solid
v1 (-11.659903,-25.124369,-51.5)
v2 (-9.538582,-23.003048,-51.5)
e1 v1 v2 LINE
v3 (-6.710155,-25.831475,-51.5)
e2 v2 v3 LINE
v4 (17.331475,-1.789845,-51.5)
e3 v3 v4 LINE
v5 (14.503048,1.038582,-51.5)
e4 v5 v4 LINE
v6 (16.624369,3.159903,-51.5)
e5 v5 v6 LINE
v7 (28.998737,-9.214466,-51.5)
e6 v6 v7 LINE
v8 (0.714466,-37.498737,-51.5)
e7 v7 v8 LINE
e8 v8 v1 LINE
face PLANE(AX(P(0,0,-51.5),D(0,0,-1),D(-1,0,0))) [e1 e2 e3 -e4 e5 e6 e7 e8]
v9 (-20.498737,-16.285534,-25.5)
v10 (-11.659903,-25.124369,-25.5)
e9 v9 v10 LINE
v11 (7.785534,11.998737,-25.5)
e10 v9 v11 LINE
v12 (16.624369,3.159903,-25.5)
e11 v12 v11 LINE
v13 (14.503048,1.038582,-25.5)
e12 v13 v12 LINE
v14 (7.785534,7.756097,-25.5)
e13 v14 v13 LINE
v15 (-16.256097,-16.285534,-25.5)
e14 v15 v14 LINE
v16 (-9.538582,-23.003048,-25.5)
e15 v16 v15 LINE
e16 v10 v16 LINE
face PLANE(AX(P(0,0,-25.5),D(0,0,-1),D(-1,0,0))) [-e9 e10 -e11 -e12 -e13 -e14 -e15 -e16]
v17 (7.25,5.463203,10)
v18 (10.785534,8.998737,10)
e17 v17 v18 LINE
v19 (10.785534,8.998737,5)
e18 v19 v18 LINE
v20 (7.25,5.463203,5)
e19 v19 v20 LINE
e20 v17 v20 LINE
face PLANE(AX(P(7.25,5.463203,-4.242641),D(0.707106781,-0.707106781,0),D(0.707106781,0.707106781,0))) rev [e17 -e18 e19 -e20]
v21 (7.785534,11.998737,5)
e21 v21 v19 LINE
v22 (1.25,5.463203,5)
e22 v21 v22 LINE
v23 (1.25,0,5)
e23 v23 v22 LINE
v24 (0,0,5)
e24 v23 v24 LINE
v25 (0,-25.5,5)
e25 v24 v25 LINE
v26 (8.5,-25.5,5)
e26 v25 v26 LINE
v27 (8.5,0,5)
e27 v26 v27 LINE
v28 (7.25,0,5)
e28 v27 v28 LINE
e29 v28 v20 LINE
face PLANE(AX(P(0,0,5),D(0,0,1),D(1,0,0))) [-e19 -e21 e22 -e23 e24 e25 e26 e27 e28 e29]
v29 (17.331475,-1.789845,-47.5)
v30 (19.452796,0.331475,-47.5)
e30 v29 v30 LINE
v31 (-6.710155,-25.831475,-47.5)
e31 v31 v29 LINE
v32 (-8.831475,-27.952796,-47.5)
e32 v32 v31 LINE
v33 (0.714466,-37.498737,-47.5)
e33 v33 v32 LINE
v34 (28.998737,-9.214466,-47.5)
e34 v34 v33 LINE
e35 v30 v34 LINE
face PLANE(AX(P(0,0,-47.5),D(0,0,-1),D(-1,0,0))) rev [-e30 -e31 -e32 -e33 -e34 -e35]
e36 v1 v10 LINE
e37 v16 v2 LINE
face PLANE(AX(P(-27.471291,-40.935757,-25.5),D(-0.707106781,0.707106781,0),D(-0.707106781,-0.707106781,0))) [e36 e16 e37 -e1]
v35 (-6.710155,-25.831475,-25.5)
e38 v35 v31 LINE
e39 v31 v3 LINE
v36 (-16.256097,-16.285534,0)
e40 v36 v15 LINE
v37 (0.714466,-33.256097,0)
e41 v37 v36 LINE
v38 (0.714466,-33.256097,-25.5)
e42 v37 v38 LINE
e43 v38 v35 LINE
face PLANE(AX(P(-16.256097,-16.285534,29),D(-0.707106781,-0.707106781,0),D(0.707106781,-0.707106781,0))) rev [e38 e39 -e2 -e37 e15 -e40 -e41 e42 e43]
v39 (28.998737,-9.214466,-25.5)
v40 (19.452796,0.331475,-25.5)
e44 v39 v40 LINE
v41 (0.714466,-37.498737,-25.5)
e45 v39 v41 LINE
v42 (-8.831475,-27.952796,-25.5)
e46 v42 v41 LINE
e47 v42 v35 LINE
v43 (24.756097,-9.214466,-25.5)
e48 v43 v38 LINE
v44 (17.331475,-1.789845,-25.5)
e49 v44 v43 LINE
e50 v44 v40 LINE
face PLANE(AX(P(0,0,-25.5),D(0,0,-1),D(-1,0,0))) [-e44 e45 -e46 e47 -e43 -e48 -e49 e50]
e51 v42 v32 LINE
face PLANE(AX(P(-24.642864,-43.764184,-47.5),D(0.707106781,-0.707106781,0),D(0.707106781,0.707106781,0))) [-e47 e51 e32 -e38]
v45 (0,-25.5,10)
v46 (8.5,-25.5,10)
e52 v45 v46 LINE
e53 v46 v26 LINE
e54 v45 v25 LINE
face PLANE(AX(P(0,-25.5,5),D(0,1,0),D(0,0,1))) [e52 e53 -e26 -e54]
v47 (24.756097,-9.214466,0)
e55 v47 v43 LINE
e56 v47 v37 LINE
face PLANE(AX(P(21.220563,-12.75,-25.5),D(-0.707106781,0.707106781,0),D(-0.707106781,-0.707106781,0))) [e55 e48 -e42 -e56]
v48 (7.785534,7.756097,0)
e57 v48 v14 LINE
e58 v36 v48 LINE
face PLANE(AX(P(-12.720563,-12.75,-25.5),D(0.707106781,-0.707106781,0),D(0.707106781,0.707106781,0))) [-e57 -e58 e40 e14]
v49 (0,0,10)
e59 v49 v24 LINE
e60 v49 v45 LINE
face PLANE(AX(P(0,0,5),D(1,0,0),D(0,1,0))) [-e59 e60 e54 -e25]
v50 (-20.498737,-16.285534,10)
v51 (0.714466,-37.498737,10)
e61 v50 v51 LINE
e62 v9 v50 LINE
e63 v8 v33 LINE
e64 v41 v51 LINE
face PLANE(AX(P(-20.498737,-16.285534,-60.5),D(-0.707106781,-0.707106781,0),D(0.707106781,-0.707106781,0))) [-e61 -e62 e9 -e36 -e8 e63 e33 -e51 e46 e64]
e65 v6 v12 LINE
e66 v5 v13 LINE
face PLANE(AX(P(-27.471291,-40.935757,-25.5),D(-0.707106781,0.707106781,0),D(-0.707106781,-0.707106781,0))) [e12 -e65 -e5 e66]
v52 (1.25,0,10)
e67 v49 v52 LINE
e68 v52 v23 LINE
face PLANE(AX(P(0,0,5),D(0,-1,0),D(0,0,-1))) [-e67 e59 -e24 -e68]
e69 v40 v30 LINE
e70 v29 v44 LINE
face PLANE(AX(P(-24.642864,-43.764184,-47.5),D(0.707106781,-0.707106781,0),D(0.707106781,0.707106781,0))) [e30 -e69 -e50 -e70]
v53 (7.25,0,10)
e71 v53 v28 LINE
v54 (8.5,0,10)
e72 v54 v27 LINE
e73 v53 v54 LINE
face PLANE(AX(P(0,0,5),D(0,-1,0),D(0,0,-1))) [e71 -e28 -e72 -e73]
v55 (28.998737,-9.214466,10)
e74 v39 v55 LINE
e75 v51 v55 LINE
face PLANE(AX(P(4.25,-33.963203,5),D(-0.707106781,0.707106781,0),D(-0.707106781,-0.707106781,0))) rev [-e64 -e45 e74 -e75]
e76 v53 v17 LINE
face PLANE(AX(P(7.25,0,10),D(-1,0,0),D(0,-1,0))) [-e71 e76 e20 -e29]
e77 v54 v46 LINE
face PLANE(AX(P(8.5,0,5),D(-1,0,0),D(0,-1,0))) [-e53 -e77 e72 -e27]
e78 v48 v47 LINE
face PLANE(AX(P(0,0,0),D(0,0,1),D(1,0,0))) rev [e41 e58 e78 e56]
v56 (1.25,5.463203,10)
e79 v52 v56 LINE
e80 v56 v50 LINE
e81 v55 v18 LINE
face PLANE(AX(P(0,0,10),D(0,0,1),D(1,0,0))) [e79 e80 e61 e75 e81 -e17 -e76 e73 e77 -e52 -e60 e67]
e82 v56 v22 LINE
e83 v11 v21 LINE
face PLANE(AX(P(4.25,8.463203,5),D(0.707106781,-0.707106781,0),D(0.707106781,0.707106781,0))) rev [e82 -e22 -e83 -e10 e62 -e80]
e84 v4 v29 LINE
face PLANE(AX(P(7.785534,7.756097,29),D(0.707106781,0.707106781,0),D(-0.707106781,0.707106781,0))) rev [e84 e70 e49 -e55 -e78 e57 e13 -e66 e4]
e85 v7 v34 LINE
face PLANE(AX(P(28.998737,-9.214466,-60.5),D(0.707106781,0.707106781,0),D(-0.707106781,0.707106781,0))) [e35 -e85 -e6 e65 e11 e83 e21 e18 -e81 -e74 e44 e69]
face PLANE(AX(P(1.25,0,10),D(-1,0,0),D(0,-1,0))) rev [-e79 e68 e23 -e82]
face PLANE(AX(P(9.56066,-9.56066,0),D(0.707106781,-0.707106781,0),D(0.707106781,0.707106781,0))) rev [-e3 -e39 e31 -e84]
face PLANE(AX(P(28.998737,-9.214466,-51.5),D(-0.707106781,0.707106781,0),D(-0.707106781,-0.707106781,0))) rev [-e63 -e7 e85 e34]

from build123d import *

# Parameters (mm, degrees)
SKETCH_1_W          = 8.5
SKETCH_1_H          = 25.5
EXTRUDE_1_DEPTH     = 5
EXTRUDE_2_DEPTH     = 5
SKETCH_3_W          = 8.5
SKETCH_3_H          = 25.5
EXTRUDE_3_DEPTH     = 5
EXTRUDE_4_DEPTH     = 25.5
EXTRUDE_5_DEPTH     = 35.5
CUT_EXTRUDE_1_DEPTH = 5
CUT_EXTRUDE_2_DEPTH = 25.5
EXTRUDE_6_REACH     = 63.804
SKETCH_8_W          = 22
SKETCH_8_H          = 4
EXTRUDE_7_DEPTH     = 4
SKETCH_10_W         = 26
SKETCH_10_H         = 34
CUT_EXTRUDE_3_DEPTH = 4


with BuildPart() as part:
    # 草图1 → 凸台-拉伸1 (new body)
    with BuildSketch(Plane.XY):
        Polygon((-16.963203436, -12.75), (4.25, -33.963203436), (25.463203436, -12.75), (4.25, 8.463203436), align=None)
        with Locations((4.25, -12.75)):
            Rectangle(SKETCH_1_W, SKETCH_1_H, mode=Mode.SUBTRACT)
    extrude(amount=EXTRUDE_1_DEPTH)

    # 草图2 → 凸台-拉伸2 (add)
    with BuildSketch(Plane.XY.offset(5)):
        Polygon((1.25, 0), (1.25, 5.463203436), (-16.963203436, -12.75), (4.25, -33.963203436), (25.463203436, -12.75), (7.25, 5.463203436), (7.25, 0), (8.5, 0), (8.5, -25.5), (0, -25.5), (0, 0), align=None)
    extrude(amount=EXTRUDE_2_DEPTH)

    # 草图3 → 凸台-拉伸3 (add)
    with BuildSketch(Plane.XY.offset(5)):
        with Locations((4.25, -12.75)):
            Rectangle(SKETCH_3_W, SKETCH_3_H)
    extrude(amount=-EXTRUDE_3_DEPTH)

    # 草图4 → 凸台-拉伸4 (add)
    with BuildSketch(Plane(origin=(0, 0, 0), x_dir=(-1, 0, 0), z_dir=(0, 0, -1))):
        Polygon((-25.463203436, -12.75), (-4.25, -33.963203436), (16.963203436, -12.75), (-4.25, 8.463203436), align=None)
        Polygon((12.720562748, -12.75), (-4.25, 4.220562748), (-21.220562748, -12.75), (-4.25, -29.720562748), align=None, mode=Mode.SUBTRACT)
    extrude(amount=EXTRUDE_4_DEPTH)

    # 草图5 → 凸台-拉伸5 (add)
    with BuildSketch(Plane.XY.offset(10)):
        Polygon((4.25, 8.463203436), (25.463203436, -12.75), (28.998737342, -9.214466094), (7.785533906, 11.998737342), align=None)
        Polygon((-16.963203436, -12.75), (-20.498737342, -16.285533906), (0.714466094, -37.498737342), (4.25, -33.963203436), align=None)
    extrude(amount=-EXTRUDE_5_DEPTH)

    # 草图6 → 切除-拉伸1 (cut)
    with BuildSketch(Plane.XY.offset(10)):
        Polygon((7.25, 5.463203436), (10.785533906, 8.998737342), (7.785533906, 11.998737342), (4.25, 8.463203436), align=None)
    extrude(amount=-CUT_EXTRUDE_1_DEPTH, mode=Mode.SUBTRACT)

    # 草图7 → 切除-拉伸2 (cut)
    with BuildSketch(Plane(origin=(0, 0, -25.5), x_dir=(-1, 0, 0), z_dir=(0, 0, -1))):
        Polygon((-4.25, 4.220562748), (-7.785533906, 7.756096654), (-24.756096654, -9.214466094), (-21.220562748, -12.75), align=None)
        Polygon((12.720562748, -12.75), (16.256096654, -16.285533906), (-0.714466094, -33.256096654), (-4.25, -29.720562748), align=None)
    extrude(amount=-CUT_EXTRUDE_2_DEPTH, mode=Mode.SUBTRACT)

    # 凸台-拉伸6: up to this face of the body (flat: up to its plane)
    extrude_6_end = Plane(part.part.faces().sort_by_distance((-9.892135624, -26.892135624, -7.75))[0])
    # 草图8 → 凸台-拉伸6 (add, up to the picked face)
    with BuildSketch(Plane(origin=(9.892135624, 9.892135624, 0), x_dir=(0, 0, -1), z_dir=(0.7071067811865537, 0.7071067811865415, 0)), mode=Mode.PRIVATE) as extrude_6_sk1:
        with Locations((36.5, -11.52081528)):
            Rectangle(SKETCH_8_W, SKETCH_8_H)
    extrude_6_tool1 = split(extrude(extrude_6_sk1.sketch, amount=-EXTRUDE_6_REACH, mode=Mode.PRIVATE), bisect_by=extrude_6_end, keep=Keep.BOTH, mode=Mode.PRIVATE)
    add(extrude_6_tool1.solids().sort_by(Axis((18.038582, 1.745689, -36.5), (-0.7071067811865537, -0.7071067811865415, 0)))[0])

    # 草图9 → 凸台-拉伸7 (add)
    with BuildSketch(Plane(origin=(0, 0, -47.5), x_dir=(-1, 0, 0), z_dir=(0, 0, -1))):
        Polygon((-16.624368671, 3.159902577), (-28.998737342, -9.214466094), (-0.714466094, -37.498737342), (11.659902577, -25.124368671), align=None)
    extrude(amount=EXTRUDE_7_DEPTH)

    # 草图10 → 切除-拉伸3 (cut)
    with BuildSketch(Plane(origin=(9.560660172, -9.560660172, 0), x_dir=(0, 0, -1), z_dir=(0.7071067811865416, -0.7071067811865536, 0))):
        with Locations((38.5, -6.01040764)):
            Rectangle(SKETCH_10_W, SKETCH_10_H)
    extrude(amount=-CUT_EXTRUDE_3_DEPTH, mode=Mode.SUBTRACT)


solid = part.part
